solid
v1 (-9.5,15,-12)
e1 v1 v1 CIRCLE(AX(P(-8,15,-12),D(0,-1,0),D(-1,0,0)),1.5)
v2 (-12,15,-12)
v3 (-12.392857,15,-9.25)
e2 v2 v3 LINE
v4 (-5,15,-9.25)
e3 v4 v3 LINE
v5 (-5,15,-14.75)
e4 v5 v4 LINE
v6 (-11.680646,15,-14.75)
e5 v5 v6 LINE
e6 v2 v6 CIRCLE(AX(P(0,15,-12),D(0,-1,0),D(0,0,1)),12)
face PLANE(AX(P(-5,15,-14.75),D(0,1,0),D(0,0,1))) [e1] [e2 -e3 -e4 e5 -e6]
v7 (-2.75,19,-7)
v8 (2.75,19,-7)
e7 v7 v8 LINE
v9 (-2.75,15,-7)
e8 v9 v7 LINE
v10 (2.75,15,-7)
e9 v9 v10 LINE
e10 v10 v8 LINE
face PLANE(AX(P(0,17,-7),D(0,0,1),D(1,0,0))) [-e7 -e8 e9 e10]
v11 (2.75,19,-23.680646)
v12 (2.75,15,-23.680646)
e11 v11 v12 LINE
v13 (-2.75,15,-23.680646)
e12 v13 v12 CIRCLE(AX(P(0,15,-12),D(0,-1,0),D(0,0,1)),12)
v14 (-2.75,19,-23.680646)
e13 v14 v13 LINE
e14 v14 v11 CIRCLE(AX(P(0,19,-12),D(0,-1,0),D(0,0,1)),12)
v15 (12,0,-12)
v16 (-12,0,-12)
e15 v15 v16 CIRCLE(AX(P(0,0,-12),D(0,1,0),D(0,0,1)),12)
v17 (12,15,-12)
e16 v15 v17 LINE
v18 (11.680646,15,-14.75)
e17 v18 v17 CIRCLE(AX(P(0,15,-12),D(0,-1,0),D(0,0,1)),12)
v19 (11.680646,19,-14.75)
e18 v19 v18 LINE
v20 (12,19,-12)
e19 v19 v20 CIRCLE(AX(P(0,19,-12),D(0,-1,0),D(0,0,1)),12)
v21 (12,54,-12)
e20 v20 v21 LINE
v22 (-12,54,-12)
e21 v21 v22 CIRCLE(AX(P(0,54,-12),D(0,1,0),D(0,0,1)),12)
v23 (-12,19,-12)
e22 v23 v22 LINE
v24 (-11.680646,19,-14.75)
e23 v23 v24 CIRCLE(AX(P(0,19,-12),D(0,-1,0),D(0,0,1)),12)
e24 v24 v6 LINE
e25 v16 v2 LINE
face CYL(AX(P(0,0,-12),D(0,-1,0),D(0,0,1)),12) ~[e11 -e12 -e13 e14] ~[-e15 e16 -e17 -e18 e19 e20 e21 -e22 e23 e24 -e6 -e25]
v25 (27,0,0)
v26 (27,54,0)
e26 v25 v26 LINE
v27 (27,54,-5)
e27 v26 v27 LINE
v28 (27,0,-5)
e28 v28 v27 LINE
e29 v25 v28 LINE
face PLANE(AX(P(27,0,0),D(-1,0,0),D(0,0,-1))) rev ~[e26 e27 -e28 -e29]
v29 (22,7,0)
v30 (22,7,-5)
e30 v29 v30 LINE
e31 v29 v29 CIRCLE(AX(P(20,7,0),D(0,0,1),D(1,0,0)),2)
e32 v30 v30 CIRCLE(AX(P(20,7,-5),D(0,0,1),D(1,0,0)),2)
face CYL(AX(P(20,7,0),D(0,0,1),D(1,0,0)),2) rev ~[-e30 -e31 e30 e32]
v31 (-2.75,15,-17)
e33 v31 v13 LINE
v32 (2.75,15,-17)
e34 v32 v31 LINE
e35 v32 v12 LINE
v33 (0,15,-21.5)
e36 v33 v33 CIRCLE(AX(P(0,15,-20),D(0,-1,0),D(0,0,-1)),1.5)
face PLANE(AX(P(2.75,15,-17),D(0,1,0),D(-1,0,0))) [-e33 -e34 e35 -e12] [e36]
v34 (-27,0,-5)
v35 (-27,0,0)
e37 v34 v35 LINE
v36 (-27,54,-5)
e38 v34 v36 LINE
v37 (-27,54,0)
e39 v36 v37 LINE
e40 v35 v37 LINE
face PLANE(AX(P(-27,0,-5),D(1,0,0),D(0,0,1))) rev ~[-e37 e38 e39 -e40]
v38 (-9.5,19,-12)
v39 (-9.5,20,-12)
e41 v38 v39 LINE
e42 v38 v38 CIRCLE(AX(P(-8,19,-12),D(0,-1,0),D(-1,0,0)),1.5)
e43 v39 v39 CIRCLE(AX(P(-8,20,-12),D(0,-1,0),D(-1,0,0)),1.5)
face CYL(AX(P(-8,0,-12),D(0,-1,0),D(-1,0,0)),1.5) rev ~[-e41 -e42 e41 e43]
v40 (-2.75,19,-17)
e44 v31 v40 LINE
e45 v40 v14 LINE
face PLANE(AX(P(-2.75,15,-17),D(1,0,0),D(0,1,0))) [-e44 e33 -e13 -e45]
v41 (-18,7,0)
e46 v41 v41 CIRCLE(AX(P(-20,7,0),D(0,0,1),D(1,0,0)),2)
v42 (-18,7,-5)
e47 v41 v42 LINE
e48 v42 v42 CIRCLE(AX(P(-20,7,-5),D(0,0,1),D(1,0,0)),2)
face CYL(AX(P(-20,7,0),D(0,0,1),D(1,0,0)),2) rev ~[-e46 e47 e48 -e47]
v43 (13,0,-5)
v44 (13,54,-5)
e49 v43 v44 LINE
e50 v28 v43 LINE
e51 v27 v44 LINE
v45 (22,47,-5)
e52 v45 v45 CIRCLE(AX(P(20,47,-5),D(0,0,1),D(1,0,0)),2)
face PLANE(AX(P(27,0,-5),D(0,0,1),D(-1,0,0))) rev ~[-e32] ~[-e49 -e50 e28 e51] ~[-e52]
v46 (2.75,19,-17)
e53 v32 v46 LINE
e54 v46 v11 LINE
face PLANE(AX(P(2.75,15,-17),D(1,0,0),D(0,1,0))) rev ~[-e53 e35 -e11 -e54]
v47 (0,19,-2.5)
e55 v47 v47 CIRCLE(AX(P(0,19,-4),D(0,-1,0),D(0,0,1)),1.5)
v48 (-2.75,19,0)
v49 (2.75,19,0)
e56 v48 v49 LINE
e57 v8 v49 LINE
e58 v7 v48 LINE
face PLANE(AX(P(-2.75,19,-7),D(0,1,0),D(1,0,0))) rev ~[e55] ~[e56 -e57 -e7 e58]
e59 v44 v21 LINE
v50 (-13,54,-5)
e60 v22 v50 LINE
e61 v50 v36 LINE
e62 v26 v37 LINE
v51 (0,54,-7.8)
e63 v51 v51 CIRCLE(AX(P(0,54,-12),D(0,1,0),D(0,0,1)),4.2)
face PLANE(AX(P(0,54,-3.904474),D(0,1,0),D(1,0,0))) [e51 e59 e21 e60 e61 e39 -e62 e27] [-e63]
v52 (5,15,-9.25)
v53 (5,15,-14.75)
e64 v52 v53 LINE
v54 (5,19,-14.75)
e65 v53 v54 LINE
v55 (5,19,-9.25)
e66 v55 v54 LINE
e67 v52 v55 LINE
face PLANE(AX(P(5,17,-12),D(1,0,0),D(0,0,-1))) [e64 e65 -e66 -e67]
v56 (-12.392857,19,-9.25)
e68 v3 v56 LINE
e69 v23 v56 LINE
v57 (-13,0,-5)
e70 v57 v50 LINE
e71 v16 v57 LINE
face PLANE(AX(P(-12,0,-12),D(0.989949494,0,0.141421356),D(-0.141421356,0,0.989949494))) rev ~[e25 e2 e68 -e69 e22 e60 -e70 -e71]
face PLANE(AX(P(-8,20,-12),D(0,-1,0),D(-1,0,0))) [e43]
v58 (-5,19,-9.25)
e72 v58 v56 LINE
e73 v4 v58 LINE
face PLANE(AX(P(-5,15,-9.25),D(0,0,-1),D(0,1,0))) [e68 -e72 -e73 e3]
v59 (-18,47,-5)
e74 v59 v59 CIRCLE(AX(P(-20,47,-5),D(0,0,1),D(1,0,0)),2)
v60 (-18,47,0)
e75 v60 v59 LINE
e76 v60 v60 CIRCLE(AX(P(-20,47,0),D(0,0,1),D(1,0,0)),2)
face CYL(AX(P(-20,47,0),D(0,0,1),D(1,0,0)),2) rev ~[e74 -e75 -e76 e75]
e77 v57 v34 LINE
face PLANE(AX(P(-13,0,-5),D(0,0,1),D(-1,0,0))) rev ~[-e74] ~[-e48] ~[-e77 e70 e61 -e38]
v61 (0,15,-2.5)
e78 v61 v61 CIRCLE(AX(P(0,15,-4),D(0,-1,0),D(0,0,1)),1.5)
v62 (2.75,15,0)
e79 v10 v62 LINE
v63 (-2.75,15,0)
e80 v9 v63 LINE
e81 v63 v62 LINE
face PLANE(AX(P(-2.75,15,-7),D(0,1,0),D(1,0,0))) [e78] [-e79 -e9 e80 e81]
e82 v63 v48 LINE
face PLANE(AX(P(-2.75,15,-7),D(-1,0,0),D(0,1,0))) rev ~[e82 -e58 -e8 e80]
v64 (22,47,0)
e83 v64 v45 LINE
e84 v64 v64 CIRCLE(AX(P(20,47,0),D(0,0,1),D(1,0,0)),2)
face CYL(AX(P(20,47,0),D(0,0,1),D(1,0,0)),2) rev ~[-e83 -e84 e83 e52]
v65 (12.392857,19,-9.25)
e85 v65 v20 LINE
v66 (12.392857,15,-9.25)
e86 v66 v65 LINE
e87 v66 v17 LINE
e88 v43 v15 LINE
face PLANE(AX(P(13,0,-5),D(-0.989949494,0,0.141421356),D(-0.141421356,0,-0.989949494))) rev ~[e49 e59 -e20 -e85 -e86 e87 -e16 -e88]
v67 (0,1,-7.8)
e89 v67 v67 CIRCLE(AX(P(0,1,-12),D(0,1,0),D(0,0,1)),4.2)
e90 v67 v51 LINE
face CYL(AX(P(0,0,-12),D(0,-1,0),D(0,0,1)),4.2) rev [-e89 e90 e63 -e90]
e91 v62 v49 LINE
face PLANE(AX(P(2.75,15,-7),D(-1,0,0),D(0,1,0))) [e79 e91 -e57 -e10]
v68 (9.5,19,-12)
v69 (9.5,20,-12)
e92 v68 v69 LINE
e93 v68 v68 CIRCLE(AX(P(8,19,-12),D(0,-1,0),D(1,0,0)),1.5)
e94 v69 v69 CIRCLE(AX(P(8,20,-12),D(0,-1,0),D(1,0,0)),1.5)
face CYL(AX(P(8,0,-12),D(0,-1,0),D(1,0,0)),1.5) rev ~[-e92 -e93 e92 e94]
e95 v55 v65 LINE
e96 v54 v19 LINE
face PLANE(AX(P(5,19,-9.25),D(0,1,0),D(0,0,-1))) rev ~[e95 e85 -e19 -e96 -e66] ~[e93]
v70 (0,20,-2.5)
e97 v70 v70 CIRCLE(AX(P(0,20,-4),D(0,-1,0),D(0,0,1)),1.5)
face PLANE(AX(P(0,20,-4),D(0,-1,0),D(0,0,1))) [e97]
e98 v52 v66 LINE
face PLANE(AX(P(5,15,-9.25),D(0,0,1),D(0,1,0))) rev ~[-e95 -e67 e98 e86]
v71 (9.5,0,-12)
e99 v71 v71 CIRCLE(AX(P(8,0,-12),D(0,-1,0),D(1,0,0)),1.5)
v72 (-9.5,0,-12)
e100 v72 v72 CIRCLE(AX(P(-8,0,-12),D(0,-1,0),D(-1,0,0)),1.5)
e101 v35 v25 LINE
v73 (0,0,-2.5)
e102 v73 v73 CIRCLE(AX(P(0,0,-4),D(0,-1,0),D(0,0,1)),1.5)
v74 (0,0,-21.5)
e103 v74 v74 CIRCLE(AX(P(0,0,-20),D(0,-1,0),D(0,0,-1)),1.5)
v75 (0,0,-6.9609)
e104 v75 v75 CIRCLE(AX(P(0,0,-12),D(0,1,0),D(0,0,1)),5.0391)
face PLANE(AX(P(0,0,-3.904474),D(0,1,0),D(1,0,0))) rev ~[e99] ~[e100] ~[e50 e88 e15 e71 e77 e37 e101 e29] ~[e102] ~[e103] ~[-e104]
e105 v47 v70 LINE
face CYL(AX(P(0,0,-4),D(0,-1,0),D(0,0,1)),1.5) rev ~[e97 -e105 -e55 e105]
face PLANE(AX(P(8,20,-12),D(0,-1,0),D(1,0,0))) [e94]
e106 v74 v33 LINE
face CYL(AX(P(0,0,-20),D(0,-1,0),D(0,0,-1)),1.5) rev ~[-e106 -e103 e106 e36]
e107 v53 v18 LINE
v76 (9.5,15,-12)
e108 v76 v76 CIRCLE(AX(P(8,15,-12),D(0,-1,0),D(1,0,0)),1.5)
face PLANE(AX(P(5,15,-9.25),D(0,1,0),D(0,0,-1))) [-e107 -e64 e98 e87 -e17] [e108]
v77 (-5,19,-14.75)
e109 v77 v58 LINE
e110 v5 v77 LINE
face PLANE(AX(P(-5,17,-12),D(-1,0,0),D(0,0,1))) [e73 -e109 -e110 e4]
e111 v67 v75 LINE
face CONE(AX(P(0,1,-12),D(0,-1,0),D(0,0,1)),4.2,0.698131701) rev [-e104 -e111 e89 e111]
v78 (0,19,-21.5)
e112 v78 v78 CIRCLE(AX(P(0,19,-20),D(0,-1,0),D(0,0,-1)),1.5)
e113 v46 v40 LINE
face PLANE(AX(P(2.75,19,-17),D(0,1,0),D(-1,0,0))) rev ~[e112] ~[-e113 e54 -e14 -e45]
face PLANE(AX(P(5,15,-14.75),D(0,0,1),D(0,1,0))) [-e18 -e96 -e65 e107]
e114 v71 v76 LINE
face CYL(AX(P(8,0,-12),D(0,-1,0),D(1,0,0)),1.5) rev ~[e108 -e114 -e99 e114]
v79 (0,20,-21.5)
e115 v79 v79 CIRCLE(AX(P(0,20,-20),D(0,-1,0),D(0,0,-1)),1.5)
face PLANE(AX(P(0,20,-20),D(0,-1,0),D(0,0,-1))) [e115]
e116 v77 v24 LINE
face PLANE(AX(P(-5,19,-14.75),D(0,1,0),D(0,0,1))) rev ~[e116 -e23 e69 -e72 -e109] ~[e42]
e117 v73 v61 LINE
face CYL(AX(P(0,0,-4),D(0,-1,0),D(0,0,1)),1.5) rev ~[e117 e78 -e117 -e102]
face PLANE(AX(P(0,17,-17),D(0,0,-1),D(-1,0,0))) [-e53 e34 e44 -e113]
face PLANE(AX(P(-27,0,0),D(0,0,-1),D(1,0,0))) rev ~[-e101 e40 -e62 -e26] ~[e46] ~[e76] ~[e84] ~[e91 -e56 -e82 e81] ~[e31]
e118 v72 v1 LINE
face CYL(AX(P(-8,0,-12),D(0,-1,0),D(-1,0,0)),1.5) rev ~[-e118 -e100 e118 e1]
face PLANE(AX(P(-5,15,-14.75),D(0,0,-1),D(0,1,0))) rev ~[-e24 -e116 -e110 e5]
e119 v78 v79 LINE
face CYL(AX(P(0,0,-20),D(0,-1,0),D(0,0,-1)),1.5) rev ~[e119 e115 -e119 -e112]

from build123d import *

# Parameters (mm, degrees)
SZKIC1_R                    = 12
SZKIC1_R_2                  = 4.2
DODANIE_WYCI_GNI_CIE1_DEPTH = 54
DODANIE_WYCI_GNI_CIE2_DEPTH = 54
SZKIC4_R                    = 1.5
WYTNIJ_WYCI_GNI_CIE1_DEPTH  = 20
SZYK_KO_OWY1_COUNT          = 4
WYTNIJ_WYCI_GNI_CIE2_START  = -7
SZKIC5_W                    = 5.5
SZKIC5_H                    = 4
WYTNIJ_WYCI_GNI_CIE2_DEPTH  = 10
SZYK_KO_OWY2_COUNT          = 4
SFAZOWANIE1_SIZE            = 1
SFAZOWANIE1_SIZE2           = 0.839099631
WYTNIJ_WYCI_GNI_CIE3_REACH  = 66.969
SZKIC6_R                    = 2


with BuildPart() as part:
    # Szkic1 → Dodanie-wyciągnięcie1 (new body)
    with BuildSketch(Plane(origin=(0, 0, 0), x_dir=(1, 0, 0), z_dir=(0, 1, 0))):
        with Locations(Location((0, 12, 0), (0, 0, 270))):
            Circle(SZKIC1_R)
        with Locations(Location((0, 12, 0), (0, 0, 270))):
            Circle(SZKIC1_R_2, mode=Mode.SUBTRACT)
    extrude(amount=DODANIE_WYCI_GNI_CIE1_DEPTH)

    # Szkic3 → Dodanie-wyciągnięcie2 (add)
    with BuildSketch(Plane(origin=(0, 0, 0), x_dir=(1, 0, 0), z_dir=(0, 1, 0))):
        Polygon((0, 0), (27, 0), (27, 5), (13, 5), (12, 12), (0, 5.166487606), (-12, 12), (-13, 5), (-27, 5), (-27, 0), align=None)
    extrude(amount=DODANIE_WYCI_GNI_CIE2_DEPTH)

    # Szkic4 → Wytnij-wyciągnięcie1 (cut)
    with BuildSketch(Plane(origin=(0, 0, 0), x_dir=(-1, 0, 0), z_dir=(0, -1, 0))):
        with Locations(Location((0, 20, 0), (0, 0, 90))):
            Circle(SZKIC4_R)
    wytnij_wyci_gni_cie1 = extrude(amount=-WYTNIJ_WYCI_GNI_CIE1_DEPTH, mode=Mode.SUBTRACT)

    # Szyk kołowy1: Wytnij-wyciągnięcie1 ×4 about axis
    szyk_ko_owy1_axis = Axis((0, 0, -12), (0, 1, 0))
    for i in range(1, SZYK_KO_OWY1_COUNT):
        add(wytnij_wyci_gni_cie1.rotate(szyk_ko_owy1_axis, i * 360 / SZYK_KO_OWY1_COUNT), mode=Mode.SUBTRACT)

    # Szkic5 → Wytnij-wyciągnięcie2 (cut)
    with BuildSketch(Plane.XY.offset(WYTNIJ_WYCI_GNI_CIE2_START)):
        with Locations((0, 17)):
            Rectangle(SZKIC5_W, SZKIC5_H)
    wytnij_wyci_gni_cie2 = extrude(amount=WYTNIJ_WYCI_GNI_CIE2_DEPTH, mode=Mode.SUBTRACT)

    # Szyk kołowy2: Wytnij-wyciągnięcie2 ×4 about axis
    szyk_ko_owy2_axis = Axis((0, 0, -12), (0, 1, 0))
    for i in range(1, SZYK_KO_OWY2_COUNT):
        add(wytnij_wyci_gni_cie2.rotate(szyk_ko_owy2_axis, i * 360 / SZYK_KO_OWY2_COUNT), mode=Mode.SUBTRACT)

    # Sfazowanie1
    sfazowanie1_edges = [part.edges().sort_by_distance(p)[0] for p in [
        (0, 0, -16.2),
    ]]
    sfazowanie1_side = [part.faces().sort_by_distance(p)[0] for p in [
        (0, 27, -16.2),
    ]]
    chamfer(sfazowanie1_edges, length=SFAZOWANIE1_SIZE, length2=SFAZOWANIE1_SIZE2, reference=sfazowanie1_side[0])

    # Szkic6 → Wytnij-wyciągnięcie3 (cut, up to next)
    with BuildSketch(Plane.XY, mode=Mode.PRIVATE) as wytnij_wyci_gni_cie3_sk1:
        with Locations((-20, 47)):
            Circle(SZKIC6_R)
    wytnij_wyci_gni_cie3_tool1 = extrude(wytnij_wyci_gni_cie3_sk1.sketch, amount=-WYTNIJ_WYCI_GNI_CIE3_REACH, mode=Mode.PRIVATE) & part.part
    # Szkic6 → Wytnij-wyciągnięcie3 (cut, up to next)
    with BuildSketch(Plane.XY, mode=Mode.PRIVATE) as wytnij_wyci_gni_cie3_sk2:
        with Locations((20, 47)):
            Circle(SZKIC6_R)
    wytnij_wyci_gni_cie3_tool2 = extrude(wytnij_wyci_gni_cie3_sk2.sketch, amount=-WYTNIJ_WYCI_GNI_CIE3_REACH, mode=Mode.PRIVATE) & part.part
    # Szkic6 → Wytnij-wyciągnięcie3 (cut, up to next)
    with BuildSketch(Plane.XY, mode=Mode.PRIVATE) as wytnij_wyci_gni_cie3_sk3:
        with Locations((20, 7)):
            Circle(SZKIC6_R)
    wytnij_wyci_gni_cie3_tool3 = extrude(wytnij_wyci_gni_cie3_sk3.sketch, amount=-WYTNIJ_WYCI_GNI_CIE3_REACH, mode=Mode.PRIVATE) & part.part
    # Szkic6 → Wytnij-wyciągnięcie3 (cut, up to next)
    with BuildSketch(Plane.XY, mode=Mode.PRIVATE) as wytnij_wyci_gni_cie3_sk4:
        with Locations((-20, 7)):
            Circle(SZKIC6_R)
    wytnij_wyci_gni_cie3_tool4 = extrude(wytnij_wyci_gni_cie3_sk4.sketch, amount=-WYTNIJ_WYCI_GNI_CIE3_REACH, mode=Mode.PRIVATE) & part.part
    add(wytnij_wyci_gni_cie3_tool1.solids().sort_by_distance((-20, 47, 0))[0], mode=Mode.SUBTRACT)
    add(wytnij_wyci_gni_cie3_tool2.solids().sort_by_distance((20, 47, 0))[0], mode=Mode.SUBTRACT)
    add(wytnij_wyci_gni_cie3_tool3.solids().sort_by_distance((20, 7, 0))[0], mode=Mode.SUBTRACT)
    add(wytnij_wyci_gni_cie3_tool4.solids().sort_by_distance((-20, 7, 0))[0], mode=Mode.SUBTRACT)


solid = part.part
